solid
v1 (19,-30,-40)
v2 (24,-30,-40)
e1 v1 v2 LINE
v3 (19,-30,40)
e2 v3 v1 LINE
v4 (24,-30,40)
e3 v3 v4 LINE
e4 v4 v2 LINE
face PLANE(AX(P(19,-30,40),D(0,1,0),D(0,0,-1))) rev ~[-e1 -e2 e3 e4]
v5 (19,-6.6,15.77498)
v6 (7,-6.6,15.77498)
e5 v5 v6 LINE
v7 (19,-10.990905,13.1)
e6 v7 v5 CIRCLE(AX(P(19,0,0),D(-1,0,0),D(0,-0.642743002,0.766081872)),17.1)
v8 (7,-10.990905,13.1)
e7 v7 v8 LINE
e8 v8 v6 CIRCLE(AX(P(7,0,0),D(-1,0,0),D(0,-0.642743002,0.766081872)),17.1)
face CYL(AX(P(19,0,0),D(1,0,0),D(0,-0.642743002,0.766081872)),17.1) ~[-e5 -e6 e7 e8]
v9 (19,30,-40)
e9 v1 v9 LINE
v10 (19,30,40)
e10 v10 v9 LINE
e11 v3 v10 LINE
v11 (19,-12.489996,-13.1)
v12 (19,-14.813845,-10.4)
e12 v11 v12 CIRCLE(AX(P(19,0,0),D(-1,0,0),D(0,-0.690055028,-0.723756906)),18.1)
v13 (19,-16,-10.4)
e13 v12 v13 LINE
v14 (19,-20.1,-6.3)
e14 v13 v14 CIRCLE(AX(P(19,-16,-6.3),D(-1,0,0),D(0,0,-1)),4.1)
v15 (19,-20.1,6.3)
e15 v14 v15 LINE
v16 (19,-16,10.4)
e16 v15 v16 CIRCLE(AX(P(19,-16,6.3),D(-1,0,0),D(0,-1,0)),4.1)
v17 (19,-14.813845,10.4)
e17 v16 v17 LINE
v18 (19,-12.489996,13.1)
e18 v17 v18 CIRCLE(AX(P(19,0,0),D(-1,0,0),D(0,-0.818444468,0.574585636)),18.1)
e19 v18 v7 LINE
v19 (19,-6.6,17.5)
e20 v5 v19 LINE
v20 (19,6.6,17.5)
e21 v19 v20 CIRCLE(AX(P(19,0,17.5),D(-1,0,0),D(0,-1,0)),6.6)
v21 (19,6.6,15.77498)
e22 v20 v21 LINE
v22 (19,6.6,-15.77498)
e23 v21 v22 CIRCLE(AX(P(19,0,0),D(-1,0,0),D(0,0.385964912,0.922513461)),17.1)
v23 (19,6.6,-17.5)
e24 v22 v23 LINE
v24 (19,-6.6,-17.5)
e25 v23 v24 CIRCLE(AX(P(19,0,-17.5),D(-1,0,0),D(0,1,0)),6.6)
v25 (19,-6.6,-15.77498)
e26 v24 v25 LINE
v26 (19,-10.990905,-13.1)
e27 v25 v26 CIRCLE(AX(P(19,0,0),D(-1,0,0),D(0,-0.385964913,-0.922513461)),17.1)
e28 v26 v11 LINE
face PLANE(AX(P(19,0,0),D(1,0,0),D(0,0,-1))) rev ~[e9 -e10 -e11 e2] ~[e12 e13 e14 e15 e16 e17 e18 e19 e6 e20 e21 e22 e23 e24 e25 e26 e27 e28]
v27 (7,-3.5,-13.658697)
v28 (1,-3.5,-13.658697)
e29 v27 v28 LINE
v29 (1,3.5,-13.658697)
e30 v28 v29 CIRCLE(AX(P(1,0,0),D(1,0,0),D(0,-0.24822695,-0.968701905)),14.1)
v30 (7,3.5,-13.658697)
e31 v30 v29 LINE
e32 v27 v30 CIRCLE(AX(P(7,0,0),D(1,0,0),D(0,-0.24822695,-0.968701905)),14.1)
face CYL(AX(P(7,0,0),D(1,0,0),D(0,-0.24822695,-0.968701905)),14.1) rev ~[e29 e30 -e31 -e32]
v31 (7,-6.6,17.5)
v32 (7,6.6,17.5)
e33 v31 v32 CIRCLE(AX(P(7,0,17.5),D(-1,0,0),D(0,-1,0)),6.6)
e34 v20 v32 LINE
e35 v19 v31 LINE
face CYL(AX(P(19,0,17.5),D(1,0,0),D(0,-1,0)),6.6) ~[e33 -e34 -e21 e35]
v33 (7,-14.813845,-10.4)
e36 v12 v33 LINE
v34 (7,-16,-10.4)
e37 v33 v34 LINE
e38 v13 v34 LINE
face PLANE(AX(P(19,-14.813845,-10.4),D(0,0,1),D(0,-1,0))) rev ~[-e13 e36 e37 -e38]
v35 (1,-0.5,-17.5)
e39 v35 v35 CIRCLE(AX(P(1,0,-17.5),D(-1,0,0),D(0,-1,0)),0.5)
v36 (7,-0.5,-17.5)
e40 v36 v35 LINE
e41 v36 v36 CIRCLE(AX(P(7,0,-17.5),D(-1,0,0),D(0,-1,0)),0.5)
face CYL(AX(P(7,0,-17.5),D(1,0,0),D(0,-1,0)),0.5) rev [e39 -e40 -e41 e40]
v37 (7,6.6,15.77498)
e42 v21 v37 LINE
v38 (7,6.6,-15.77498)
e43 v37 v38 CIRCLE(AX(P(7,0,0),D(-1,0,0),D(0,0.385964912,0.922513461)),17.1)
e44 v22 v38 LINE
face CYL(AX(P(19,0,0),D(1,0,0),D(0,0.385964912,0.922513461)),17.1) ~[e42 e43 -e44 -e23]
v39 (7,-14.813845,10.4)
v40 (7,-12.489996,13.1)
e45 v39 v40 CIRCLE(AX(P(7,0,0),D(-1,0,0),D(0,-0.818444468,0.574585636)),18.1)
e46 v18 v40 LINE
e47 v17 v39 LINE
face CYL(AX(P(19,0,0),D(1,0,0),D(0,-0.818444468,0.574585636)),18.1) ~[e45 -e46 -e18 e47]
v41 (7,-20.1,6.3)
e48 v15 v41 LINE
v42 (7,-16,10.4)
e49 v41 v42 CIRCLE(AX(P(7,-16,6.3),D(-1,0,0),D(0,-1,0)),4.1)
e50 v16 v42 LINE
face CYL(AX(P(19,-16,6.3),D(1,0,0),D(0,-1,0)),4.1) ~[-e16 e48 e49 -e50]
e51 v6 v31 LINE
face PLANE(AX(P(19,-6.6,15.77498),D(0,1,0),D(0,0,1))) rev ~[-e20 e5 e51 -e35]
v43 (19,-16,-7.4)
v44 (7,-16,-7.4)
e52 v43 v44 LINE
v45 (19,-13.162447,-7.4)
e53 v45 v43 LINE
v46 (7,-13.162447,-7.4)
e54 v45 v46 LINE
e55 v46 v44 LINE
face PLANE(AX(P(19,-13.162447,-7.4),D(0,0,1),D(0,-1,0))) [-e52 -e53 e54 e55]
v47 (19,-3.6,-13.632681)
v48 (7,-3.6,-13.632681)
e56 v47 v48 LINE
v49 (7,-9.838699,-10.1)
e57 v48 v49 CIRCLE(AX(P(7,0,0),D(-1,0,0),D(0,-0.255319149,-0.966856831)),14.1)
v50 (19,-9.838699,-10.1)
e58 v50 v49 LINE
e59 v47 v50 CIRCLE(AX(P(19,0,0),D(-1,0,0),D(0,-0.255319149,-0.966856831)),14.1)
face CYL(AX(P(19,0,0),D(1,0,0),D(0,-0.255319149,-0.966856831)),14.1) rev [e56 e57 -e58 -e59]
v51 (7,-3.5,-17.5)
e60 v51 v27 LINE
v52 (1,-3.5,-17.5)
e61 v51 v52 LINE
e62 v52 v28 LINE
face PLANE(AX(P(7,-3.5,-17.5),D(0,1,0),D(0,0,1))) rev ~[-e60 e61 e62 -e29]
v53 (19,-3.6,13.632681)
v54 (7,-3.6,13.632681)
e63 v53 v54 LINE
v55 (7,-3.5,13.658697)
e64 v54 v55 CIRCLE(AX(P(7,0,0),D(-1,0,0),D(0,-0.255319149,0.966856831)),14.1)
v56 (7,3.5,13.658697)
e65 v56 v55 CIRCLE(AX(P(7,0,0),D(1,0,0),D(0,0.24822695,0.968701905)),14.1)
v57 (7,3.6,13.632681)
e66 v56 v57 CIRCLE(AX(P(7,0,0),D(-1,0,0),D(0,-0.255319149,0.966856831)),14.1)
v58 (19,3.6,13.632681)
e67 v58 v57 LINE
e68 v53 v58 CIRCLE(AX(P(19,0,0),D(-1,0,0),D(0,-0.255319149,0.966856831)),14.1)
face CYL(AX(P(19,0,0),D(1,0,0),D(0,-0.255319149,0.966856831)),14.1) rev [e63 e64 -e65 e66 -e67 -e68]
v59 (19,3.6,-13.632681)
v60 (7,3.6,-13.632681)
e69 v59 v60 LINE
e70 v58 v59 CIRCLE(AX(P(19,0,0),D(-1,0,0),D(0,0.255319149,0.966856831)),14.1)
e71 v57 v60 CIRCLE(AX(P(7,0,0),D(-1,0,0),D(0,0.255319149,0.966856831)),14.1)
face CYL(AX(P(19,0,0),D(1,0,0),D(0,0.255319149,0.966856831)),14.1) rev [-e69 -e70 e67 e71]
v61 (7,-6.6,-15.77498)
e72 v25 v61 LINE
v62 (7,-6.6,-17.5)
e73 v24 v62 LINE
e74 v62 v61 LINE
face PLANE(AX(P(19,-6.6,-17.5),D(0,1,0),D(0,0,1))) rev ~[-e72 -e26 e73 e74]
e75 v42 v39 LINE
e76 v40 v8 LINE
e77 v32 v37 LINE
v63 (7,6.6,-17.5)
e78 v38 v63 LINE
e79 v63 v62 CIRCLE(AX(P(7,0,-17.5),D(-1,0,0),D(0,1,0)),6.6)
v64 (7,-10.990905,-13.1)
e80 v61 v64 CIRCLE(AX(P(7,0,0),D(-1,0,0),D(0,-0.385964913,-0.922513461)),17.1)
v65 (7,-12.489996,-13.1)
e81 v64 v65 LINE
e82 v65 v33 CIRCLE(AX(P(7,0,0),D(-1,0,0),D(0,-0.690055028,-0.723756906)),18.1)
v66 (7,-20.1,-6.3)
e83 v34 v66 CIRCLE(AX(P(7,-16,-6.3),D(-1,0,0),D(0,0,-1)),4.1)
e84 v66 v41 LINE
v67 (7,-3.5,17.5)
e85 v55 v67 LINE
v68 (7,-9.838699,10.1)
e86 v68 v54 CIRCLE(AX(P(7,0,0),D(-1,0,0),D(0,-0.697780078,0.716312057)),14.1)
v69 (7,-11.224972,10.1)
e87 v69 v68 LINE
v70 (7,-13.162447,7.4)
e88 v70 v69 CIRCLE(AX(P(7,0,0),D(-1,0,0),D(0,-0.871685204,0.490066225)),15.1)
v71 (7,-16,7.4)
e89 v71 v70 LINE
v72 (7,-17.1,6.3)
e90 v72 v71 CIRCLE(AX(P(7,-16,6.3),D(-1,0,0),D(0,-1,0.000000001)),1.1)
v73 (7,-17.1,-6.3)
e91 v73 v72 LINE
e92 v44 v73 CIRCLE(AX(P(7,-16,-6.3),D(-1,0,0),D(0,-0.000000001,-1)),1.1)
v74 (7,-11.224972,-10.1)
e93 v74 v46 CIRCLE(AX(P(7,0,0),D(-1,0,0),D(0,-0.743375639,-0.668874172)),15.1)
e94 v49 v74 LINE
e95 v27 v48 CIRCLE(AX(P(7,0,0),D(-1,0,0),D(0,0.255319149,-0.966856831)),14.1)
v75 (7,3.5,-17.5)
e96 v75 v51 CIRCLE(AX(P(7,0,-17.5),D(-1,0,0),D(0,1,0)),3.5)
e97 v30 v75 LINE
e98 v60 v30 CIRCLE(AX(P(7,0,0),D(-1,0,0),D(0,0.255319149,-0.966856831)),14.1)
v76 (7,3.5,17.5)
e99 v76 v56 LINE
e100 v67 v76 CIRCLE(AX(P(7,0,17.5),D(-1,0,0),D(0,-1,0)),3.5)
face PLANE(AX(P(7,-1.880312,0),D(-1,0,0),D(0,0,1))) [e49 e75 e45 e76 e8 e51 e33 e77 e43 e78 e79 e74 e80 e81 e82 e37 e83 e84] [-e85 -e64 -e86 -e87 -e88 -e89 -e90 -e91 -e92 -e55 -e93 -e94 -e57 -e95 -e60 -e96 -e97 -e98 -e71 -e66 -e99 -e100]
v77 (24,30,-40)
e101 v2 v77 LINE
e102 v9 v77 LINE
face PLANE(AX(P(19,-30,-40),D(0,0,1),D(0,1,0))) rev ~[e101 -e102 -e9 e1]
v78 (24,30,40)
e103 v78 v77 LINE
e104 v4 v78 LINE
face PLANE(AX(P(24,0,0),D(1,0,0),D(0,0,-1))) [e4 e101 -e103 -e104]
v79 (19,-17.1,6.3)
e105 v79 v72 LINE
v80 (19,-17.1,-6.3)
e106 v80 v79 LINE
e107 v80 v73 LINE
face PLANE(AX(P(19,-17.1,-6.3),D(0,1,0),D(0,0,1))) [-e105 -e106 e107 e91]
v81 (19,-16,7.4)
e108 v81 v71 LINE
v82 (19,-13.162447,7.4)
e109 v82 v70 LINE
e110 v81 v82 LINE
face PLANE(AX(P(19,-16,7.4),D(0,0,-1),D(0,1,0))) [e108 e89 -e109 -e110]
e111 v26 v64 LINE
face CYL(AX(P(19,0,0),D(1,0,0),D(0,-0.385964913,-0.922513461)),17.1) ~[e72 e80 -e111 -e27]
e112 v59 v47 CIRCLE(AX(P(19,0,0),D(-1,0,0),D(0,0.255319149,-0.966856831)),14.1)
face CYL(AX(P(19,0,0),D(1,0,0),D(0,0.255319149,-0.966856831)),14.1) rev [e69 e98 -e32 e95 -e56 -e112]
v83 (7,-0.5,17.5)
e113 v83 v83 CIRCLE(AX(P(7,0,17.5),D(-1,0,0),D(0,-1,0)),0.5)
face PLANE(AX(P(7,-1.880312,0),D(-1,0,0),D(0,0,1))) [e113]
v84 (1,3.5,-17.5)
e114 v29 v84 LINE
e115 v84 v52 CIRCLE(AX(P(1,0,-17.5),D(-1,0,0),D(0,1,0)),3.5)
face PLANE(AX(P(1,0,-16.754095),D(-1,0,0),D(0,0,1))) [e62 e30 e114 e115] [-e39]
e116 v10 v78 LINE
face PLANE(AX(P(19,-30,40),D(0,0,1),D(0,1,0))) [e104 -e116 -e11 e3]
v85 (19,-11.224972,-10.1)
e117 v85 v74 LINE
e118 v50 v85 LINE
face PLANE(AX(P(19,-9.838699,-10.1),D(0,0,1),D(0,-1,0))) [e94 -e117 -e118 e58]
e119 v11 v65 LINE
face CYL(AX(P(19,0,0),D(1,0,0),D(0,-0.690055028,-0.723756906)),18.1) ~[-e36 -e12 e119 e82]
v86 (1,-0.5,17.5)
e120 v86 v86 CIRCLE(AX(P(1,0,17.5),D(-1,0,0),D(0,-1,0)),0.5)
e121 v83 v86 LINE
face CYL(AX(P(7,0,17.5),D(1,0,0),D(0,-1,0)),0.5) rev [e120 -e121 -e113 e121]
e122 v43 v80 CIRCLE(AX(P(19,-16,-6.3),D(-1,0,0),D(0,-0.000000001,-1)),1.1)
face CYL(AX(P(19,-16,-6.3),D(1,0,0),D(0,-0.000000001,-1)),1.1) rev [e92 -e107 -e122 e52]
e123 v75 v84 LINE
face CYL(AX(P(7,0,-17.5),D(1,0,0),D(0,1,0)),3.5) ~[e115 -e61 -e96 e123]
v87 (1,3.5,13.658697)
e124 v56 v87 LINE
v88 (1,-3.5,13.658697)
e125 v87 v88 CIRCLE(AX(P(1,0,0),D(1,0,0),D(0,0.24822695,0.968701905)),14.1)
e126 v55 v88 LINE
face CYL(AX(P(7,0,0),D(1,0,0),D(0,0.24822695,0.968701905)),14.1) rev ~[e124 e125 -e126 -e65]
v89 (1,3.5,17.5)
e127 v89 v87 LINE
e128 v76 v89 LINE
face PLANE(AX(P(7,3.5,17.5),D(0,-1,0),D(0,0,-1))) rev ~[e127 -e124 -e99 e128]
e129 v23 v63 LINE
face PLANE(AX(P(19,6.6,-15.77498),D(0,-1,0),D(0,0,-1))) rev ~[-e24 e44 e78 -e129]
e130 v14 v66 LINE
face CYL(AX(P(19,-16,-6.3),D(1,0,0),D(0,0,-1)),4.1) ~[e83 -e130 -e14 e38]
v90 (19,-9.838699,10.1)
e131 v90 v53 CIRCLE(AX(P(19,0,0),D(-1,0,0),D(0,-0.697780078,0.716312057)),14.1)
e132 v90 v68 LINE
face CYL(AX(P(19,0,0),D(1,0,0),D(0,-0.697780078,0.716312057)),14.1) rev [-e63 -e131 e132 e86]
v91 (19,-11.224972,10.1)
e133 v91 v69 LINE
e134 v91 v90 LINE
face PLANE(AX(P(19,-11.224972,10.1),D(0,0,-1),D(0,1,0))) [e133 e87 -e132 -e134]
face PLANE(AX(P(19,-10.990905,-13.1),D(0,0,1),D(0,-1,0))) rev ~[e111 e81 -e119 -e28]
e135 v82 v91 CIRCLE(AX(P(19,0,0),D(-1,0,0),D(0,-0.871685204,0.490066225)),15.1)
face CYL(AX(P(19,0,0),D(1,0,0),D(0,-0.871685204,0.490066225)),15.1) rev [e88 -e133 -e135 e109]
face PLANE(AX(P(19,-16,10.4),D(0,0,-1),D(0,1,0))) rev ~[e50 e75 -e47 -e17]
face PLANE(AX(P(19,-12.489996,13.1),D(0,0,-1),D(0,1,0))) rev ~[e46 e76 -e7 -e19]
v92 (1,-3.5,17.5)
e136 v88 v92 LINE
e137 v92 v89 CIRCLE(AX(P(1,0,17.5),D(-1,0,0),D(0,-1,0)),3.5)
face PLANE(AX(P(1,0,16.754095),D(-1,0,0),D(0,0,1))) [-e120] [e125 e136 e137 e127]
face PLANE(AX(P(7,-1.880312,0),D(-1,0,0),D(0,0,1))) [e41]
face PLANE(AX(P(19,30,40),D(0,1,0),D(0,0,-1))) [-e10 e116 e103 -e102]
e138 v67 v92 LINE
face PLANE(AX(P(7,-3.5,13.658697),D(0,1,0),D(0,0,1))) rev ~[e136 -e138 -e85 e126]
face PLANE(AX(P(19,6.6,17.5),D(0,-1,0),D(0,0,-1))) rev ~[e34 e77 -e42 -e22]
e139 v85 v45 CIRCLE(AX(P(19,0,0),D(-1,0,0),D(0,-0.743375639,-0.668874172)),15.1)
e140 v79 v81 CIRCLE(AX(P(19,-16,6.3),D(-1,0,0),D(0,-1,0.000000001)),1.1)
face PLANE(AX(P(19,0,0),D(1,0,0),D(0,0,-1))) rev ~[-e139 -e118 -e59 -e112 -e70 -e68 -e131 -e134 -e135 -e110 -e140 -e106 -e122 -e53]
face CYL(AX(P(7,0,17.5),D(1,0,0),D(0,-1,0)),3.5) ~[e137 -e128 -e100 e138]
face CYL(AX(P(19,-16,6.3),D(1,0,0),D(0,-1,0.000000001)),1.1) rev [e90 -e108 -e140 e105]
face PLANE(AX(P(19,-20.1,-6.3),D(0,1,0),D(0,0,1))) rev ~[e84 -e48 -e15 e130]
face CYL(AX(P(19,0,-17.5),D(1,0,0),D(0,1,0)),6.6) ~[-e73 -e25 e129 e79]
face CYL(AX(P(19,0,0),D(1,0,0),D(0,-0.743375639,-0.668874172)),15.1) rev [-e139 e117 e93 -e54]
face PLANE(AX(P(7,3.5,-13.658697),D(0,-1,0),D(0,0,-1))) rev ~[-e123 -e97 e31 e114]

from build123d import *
from build123d.topology import SkipClean

# Parameters (mm, degrees)
BOSS_EXTRUDE1_DEPTH = 12
SKETCH2_R           = 0.5
BOSS_EXTRUDE2_DEPTH = 6
SKETCH3_W           = 80
SKETCH3_H           = 60
BOSS_EXTRUDE3_DEPTH = 5


with BuildPart() as part:
    # Sketch1 → Boss-Extrude1 (new body)
    with BuildSketch(Plane(origin=(19, 0, 0), x_dir=(0, 0, -1), z_dir=(1, 0, 0))):
        with BuildLine():
            Line((-17.5, 6.6), (-15.77498019, 6.6))
            ThreePointArc((-15.77498019, 6.6), (0, 17.1), (15.77498019, 6.6))
            Line((15.77498019, 6.6), (17.5, 6.6))
            ThreePointArc((17.5, 6.6), (24.1, 0), (17.5, -6.6))
            Line((17.5, -6.6), (15.77498019, -6.6))
            ThreePointArc((15.77498019, -6.6), (14.603463036, -8.896564918), (13.1, -10.990905331))
            Line((13.1, -10.990905331), (13.1, -12.489995997))
            ThreePointArc((13.1, -12.489995997), (11.807309956, -13.718506901), (10.4, -14.813844876))
            Line((10.4, -14.813844876), (10.4, -16))
            ThreePointArc((10.4, -16), (9.199137803, -18.899137803), (6.3, -20.1))
            Line((6.3, -20.1), (-6.3, -20.1))
            ThreePointArc((-6.3, -20.1), (-9.199137803, -18.899137803), (-10.4, -16))
            Line((-10.4, -16), (-10.4, -14.813844876))
            ThreePointArc((-10.4, -14.813844876), (-11.807309956, -13.718506901), (-13.1, -12.489995997))
            Line((-13.1, -12.489995997), (-13.1, -10.990905331))
            ThreePointArc((-13.1, -10.990905331), (-14.603463036, -8.896564918), (-15.77498019, -6.6))
            Line((-15.77498019, -6.6), (-17.5, -6.6))
            ThreePointArc((-17.5, -6.6), (-24.1, 0), (-17.5, 6.6))
        make_face()
        with BuildLine():
            Line((10.1, -9.838699101), (10.1, -11.22497216))
            ThreePointArc((10.1, -11.22497216), (8.803462488, -12.268212919), (7.4, -13.162446581))
            Line((7.4, -13.162446581), (7.4, -16))
            ThreePointArc((7.4, -16), (7.077817459, -16.777817459), (6.3, -17.1))
            Line((6.3, -17.1), (-6.3, -17.1))
            ThreePointArc((-6.3, -17.1), (-7.077817459, -16.777817459), (-7.4, -16))
            Line((-7.4, -16), (-7.4, -13.162446581))
            ThreePointArc((-7.4, -13.162446581), (-8.803462488, -12.268212919), (-10.1, -11.22497216))
            Line((-10.1, -11.22497216), (-10.1, -9.838699101))
            ThreePointArc((-10.1, -9.838699101), (-12.269489895, -6.947633965), (-13.632681321, -3.6))
            ThreePointArc((-13.632681321, -3.6), (-14.1, 0), (-13.632681321, 3.6))
            ThreePointArc((-13.632681321, 3.6), (0, 14.1), (13.632681321, 3.6))
            ThreePointArc((13.632681321, 3.6), (14.1, 0), (13.632681321, -3.6))
            ThreePointArc((13.632681321, -3.6), (12.269489895, -6.947633965), (10.1, -9.838699101))
        make_face(mode=Mode.SUBTRACT)
    extrude(amount=-BOSS_EXTRUDE1_DEPTH)

    # Sketch2 → Boss-Extrude2 (add)
    # profile 1 of 2: a face of its own
    with SkipClean():  # the faces are left unmerged after this step: merging them gives an invalid solid
        with BuildSketch(Plane.ZY.offset(-7)):
            with BuildLine():
                Line((17.5, 3.5), (13.658696863, 3.5))
                ThreePointArc((13.658696863, 3.5), (14.1, 0), (13.658696863, -3.5))
                Line((13.658696863, -3.5), (17.5, -3.5))
                ThreePointArc((17.5, -3.5), (21, 0), (17.5, 3.5))
            make_face()
            with Locations(Location((17.5, 0, 0), (0, 0, 270))):
                Circle(SKETCH2_R, mode=Mode.SUBTRACT)
        # profile 2 of 2: a face of its own
        with BuildSketch(Plane.ZY.offset(-7)):
            with BuildLine():
                Line((-13.658696863, 3.5), (-17.5, 3.5))
                ThreePointArc((-17.5, 3.5), (-21, 0), (-17.5, -3.5))
                Line((-17.5, -3.5), (-13.658696863, -3.5))
                ThreePointArc((-13.658696863, -3.5), (-14.1, 0), (-13.658696863, 3.5))
            make_face()
            with Locations(Location((-17.5, 0, 0), (0, 0, 270))):
                Circle(SKETCH2_R, mode=Mode.SUBTRACT)
        extrude(amount=BOSS_EXTRUDE2_DEPTH)

    # Sketch3 → Boss-Extrude3 (add)
    with SkipClean():  # the faces are left unmerged after this step: merging them gives an invalid solid
        with BuildSketch(Plane(origin=(19, 0, 0), x_dir=(0, 0, -1), z_dir=(1, 0, 0))):
            Rectangle(SKETCH3_W, SKETCH3_H)
        extrude(amount=BOSS_EXTRUDE3_DEPTH)


solid = part.part
